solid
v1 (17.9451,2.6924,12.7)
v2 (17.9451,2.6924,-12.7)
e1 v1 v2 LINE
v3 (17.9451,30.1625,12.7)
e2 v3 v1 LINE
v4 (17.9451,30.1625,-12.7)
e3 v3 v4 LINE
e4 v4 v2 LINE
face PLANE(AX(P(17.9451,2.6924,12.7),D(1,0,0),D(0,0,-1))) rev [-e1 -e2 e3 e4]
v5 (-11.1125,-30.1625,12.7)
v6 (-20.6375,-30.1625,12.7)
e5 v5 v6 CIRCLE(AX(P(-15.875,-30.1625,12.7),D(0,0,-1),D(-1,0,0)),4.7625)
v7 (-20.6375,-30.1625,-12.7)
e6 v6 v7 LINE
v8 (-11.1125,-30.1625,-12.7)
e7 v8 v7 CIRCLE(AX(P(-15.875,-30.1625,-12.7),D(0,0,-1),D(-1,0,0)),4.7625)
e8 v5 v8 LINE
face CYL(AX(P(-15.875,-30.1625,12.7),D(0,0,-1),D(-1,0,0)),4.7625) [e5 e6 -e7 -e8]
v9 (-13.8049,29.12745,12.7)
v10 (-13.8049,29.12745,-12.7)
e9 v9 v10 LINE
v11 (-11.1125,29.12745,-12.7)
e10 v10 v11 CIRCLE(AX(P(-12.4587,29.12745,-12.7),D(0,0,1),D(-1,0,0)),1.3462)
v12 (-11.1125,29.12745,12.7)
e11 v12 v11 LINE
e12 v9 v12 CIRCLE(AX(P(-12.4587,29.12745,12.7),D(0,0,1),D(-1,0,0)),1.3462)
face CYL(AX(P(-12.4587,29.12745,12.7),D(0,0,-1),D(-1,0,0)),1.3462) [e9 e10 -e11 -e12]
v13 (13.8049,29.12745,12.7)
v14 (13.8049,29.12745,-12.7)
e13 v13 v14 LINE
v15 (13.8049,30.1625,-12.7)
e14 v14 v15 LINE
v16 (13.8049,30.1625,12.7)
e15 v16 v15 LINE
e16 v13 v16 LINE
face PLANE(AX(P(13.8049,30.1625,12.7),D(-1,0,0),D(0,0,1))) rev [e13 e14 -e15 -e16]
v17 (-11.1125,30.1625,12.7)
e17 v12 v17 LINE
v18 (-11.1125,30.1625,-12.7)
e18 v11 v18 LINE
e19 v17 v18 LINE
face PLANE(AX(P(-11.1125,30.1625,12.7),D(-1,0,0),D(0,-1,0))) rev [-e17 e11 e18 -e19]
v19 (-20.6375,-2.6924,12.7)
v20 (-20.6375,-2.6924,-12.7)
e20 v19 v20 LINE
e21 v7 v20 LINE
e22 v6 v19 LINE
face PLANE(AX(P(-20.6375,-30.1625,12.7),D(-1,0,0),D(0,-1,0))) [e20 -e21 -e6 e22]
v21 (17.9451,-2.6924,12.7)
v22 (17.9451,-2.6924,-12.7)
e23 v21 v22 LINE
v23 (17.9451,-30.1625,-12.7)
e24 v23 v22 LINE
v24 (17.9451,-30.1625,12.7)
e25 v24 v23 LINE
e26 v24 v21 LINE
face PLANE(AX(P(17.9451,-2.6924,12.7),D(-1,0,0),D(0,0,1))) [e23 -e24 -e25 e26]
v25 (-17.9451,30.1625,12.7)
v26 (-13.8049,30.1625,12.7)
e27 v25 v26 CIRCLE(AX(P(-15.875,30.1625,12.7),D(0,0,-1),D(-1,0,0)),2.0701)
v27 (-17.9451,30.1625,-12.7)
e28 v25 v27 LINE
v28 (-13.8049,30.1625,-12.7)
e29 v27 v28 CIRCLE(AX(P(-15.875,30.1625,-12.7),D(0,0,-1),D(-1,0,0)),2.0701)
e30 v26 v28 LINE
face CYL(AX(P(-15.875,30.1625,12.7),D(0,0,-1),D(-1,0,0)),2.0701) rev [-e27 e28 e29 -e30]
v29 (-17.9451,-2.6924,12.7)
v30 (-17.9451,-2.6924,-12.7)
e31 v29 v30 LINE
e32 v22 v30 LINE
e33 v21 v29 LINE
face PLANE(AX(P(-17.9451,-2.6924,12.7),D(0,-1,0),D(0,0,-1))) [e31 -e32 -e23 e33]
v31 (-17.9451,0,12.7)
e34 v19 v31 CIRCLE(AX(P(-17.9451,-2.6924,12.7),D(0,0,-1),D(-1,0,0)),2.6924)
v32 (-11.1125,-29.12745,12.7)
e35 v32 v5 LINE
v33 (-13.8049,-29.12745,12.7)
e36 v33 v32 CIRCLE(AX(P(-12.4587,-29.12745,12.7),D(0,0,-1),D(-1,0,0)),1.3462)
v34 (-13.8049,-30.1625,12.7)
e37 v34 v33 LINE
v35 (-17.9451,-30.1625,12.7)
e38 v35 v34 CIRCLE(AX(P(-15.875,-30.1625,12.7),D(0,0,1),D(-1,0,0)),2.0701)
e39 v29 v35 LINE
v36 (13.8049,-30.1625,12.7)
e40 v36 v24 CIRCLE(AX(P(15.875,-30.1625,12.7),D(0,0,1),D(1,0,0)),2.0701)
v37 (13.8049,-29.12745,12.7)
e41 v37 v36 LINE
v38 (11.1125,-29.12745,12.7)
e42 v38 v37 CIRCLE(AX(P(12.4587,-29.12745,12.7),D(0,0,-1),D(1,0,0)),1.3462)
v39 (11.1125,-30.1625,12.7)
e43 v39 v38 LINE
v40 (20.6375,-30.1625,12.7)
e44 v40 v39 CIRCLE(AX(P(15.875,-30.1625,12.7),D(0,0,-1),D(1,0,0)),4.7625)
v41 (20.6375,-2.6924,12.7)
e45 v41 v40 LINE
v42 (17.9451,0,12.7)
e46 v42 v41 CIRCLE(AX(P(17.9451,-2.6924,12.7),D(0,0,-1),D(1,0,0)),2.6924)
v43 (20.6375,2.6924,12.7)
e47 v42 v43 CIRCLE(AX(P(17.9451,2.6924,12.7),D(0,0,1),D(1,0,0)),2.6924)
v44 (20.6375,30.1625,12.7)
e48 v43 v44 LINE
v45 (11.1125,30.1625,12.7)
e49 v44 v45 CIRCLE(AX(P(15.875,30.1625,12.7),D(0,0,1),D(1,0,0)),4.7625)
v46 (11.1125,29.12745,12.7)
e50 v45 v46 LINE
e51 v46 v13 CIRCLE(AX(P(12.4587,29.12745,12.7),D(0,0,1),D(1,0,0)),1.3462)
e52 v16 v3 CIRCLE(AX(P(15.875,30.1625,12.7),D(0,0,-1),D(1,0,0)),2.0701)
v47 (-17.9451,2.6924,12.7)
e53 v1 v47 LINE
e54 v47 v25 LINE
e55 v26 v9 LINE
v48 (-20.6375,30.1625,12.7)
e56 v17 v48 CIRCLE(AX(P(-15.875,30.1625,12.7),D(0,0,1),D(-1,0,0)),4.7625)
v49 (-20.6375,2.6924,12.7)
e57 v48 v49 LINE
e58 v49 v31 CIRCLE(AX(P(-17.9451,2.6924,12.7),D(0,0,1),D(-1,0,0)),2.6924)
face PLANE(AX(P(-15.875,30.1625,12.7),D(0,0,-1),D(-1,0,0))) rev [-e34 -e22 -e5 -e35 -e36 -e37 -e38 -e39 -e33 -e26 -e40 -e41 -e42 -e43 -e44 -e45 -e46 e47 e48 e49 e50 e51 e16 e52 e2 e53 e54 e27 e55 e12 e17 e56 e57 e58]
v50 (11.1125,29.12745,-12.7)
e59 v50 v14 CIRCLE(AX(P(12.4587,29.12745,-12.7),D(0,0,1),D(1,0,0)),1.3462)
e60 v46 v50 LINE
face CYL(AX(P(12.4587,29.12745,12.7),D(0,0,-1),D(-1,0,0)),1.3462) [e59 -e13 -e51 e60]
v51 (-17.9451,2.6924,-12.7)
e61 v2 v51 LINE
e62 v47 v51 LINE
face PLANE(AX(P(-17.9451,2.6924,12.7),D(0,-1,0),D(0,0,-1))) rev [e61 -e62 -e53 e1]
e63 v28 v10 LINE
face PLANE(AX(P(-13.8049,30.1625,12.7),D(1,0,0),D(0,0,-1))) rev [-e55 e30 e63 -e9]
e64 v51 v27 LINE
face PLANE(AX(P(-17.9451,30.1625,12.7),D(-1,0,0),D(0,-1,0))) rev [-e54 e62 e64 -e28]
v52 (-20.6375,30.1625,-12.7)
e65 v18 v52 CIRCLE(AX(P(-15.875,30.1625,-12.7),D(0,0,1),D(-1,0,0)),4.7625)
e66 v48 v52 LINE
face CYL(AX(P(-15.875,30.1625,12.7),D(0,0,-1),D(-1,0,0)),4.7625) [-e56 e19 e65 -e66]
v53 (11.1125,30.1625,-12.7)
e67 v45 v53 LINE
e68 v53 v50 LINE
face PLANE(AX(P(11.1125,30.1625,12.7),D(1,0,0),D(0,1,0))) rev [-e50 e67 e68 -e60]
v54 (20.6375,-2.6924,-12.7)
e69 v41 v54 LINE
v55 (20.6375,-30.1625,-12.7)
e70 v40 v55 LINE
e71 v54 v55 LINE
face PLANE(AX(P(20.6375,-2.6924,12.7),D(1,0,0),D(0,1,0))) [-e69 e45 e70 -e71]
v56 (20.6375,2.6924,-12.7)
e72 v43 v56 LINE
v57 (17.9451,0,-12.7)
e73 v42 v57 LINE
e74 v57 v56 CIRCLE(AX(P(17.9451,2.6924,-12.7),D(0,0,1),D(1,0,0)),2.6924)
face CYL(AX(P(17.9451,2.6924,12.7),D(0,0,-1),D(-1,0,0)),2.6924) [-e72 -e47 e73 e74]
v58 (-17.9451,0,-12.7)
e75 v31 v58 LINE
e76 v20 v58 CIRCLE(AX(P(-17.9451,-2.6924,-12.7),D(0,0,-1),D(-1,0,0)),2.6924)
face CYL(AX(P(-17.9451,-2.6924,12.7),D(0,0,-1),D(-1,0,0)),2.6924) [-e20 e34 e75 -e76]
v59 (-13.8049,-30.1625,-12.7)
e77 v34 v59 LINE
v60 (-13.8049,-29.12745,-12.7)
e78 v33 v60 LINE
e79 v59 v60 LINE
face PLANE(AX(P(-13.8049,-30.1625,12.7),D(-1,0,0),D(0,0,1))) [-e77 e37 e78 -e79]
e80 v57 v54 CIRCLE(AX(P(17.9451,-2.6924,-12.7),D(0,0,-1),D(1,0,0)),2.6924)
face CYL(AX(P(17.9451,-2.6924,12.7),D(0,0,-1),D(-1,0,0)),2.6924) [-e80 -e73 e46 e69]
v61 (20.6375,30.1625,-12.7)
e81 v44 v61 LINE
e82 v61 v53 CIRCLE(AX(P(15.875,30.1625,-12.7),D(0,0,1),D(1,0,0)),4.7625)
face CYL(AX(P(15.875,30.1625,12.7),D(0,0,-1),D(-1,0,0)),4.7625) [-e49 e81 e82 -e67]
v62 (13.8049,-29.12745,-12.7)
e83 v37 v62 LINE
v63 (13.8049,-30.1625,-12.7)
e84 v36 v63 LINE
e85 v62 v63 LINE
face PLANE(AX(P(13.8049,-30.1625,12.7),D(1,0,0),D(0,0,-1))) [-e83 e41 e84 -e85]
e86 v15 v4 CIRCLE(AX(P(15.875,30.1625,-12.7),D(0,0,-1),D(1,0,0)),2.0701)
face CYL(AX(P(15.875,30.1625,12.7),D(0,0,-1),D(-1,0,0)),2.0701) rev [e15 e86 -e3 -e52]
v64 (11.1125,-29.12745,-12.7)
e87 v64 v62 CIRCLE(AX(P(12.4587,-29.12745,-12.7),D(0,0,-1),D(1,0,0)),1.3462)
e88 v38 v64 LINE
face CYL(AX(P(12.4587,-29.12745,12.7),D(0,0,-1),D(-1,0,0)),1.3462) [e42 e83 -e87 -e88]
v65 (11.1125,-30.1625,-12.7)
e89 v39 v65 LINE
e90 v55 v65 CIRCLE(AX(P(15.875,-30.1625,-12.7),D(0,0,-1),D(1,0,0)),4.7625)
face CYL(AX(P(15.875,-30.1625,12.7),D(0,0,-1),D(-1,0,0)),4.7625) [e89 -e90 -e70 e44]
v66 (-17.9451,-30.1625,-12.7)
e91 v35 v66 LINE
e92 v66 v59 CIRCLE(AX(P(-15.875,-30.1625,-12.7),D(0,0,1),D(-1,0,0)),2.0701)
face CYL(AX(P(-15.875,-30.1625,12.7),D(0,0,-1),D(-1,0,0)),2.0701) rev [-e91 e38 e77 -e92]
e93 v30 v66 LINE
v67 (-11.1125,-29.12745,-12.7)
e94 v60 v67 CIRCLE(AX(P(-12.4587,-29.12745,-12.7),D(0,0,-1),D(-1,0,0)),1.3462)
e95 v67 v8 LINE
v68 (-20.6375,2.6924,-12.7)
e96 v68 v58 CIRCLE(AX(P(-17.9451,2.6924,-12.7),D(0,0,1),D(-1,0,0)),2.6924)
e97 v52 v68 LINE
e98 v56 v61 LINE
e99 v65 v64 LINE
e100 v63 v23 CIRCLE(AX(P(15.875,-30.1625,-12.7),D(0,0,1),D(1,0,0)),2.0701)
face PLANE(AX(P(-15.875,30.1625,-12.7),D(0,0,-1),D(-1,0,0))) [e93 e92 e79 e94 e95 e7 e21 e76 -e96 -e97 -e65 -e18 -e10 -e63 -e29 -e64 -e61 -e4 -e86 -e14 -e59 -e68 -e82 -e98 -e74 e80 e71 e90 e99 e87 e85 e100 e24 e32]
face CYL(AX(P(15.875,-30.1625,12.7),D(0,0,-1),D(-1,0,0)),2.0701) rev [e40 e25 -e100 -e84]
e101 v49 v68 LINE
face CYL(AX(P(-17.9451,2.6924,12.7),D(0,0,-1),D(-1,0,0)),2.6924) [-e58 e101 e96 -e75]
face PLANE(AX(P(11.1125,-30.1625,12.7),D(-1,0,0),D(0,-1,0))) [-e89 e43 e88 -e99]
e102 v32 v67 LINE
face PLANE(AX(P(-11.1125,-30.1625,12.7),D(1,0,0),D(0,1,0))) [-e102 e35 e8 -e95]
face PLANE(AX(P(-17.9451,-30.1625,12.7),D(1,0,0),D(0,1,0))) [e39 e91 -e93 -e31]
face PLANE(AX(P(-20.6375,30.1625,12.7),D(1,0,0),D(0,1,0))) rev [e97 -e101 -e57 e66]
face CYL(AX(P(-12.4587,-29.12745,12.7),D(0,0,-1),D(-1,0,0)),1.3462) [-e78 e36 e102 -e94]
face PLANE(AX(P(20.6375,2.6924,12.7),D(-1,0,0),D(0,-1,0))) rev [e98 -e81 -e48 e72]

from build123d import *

# Parameters (mm, degrees)
BASE_EXTRUDE_DEPTH = 12.7


with BuildPart() as part:
    # Sketch1 → Base-Extrude (new, symmetric)
    with BuildSketch(Plane.XY):
        with BuildLine():
            Line((-20.6375, 30.1625), (-20.6375, 2.6924))
            ThreePointArc((-20.6375, 2.6924), (-19.848914298, 0.788585702), (-17.9451, 0))
            Line((-17.9451, 0), (17.9451, 0))
            ThreePointArc((17.9451, 0), (19.848914298, 0.788585702), (20.6375, 2.6924))
            Line((20.6375, 2.6924), (20.6375, 30.1625))
            ThreePointArc((20.6375, 30.1625), (15.875, 34.925), (11.1125, 30.1625))
            Line((11.1125, 30.1625), (11.1125, 29.12745))
            ThreePointArc((11.1125, 29.12745), (12.4587, 27.78125), (13.8049, 29.12745))
            Line((13.8049, 29.12745), (13.8049, 30.1625))
            ThreePointArc((13.8049, 30.1625), (15.875, 32.2326), (17.9451, 30.1625))
            Line((17.9451, 30.1625), (17.9451, 2.6924))
            Line((17.9451, 2.6924), (-17.9451, 2.6924))
            Line((-17.9451, 2.6924), (-17.9451, 30.1625))
            ThreePointArc((-17.9451, 30.1625), (-15.875, 32.2326), (-13.8049, 30.1625))
            Line((-13.8049, 30.1625), (-13.8049, 29.12745))
            ThreePointArc((-13.8049, 29.12745), (-12.4587, 27.78125), (-11.1125, 29.12745))
            Line((-11.1125, 29.12745), (-11.1125, 30.1625))
            ThreePointArc((-11.1125, 30.1625), (-15.875, 34.925), (-20.6375, 30.1625))
        make_face()
    base_extrude = extrude(amount=BASE_EXTRUDE_DEPTH, both=True)

    # Mirror1: Base-Extrude across plane
    add(base_extrude.mirror(Plane.ZX))


solid = part.part
